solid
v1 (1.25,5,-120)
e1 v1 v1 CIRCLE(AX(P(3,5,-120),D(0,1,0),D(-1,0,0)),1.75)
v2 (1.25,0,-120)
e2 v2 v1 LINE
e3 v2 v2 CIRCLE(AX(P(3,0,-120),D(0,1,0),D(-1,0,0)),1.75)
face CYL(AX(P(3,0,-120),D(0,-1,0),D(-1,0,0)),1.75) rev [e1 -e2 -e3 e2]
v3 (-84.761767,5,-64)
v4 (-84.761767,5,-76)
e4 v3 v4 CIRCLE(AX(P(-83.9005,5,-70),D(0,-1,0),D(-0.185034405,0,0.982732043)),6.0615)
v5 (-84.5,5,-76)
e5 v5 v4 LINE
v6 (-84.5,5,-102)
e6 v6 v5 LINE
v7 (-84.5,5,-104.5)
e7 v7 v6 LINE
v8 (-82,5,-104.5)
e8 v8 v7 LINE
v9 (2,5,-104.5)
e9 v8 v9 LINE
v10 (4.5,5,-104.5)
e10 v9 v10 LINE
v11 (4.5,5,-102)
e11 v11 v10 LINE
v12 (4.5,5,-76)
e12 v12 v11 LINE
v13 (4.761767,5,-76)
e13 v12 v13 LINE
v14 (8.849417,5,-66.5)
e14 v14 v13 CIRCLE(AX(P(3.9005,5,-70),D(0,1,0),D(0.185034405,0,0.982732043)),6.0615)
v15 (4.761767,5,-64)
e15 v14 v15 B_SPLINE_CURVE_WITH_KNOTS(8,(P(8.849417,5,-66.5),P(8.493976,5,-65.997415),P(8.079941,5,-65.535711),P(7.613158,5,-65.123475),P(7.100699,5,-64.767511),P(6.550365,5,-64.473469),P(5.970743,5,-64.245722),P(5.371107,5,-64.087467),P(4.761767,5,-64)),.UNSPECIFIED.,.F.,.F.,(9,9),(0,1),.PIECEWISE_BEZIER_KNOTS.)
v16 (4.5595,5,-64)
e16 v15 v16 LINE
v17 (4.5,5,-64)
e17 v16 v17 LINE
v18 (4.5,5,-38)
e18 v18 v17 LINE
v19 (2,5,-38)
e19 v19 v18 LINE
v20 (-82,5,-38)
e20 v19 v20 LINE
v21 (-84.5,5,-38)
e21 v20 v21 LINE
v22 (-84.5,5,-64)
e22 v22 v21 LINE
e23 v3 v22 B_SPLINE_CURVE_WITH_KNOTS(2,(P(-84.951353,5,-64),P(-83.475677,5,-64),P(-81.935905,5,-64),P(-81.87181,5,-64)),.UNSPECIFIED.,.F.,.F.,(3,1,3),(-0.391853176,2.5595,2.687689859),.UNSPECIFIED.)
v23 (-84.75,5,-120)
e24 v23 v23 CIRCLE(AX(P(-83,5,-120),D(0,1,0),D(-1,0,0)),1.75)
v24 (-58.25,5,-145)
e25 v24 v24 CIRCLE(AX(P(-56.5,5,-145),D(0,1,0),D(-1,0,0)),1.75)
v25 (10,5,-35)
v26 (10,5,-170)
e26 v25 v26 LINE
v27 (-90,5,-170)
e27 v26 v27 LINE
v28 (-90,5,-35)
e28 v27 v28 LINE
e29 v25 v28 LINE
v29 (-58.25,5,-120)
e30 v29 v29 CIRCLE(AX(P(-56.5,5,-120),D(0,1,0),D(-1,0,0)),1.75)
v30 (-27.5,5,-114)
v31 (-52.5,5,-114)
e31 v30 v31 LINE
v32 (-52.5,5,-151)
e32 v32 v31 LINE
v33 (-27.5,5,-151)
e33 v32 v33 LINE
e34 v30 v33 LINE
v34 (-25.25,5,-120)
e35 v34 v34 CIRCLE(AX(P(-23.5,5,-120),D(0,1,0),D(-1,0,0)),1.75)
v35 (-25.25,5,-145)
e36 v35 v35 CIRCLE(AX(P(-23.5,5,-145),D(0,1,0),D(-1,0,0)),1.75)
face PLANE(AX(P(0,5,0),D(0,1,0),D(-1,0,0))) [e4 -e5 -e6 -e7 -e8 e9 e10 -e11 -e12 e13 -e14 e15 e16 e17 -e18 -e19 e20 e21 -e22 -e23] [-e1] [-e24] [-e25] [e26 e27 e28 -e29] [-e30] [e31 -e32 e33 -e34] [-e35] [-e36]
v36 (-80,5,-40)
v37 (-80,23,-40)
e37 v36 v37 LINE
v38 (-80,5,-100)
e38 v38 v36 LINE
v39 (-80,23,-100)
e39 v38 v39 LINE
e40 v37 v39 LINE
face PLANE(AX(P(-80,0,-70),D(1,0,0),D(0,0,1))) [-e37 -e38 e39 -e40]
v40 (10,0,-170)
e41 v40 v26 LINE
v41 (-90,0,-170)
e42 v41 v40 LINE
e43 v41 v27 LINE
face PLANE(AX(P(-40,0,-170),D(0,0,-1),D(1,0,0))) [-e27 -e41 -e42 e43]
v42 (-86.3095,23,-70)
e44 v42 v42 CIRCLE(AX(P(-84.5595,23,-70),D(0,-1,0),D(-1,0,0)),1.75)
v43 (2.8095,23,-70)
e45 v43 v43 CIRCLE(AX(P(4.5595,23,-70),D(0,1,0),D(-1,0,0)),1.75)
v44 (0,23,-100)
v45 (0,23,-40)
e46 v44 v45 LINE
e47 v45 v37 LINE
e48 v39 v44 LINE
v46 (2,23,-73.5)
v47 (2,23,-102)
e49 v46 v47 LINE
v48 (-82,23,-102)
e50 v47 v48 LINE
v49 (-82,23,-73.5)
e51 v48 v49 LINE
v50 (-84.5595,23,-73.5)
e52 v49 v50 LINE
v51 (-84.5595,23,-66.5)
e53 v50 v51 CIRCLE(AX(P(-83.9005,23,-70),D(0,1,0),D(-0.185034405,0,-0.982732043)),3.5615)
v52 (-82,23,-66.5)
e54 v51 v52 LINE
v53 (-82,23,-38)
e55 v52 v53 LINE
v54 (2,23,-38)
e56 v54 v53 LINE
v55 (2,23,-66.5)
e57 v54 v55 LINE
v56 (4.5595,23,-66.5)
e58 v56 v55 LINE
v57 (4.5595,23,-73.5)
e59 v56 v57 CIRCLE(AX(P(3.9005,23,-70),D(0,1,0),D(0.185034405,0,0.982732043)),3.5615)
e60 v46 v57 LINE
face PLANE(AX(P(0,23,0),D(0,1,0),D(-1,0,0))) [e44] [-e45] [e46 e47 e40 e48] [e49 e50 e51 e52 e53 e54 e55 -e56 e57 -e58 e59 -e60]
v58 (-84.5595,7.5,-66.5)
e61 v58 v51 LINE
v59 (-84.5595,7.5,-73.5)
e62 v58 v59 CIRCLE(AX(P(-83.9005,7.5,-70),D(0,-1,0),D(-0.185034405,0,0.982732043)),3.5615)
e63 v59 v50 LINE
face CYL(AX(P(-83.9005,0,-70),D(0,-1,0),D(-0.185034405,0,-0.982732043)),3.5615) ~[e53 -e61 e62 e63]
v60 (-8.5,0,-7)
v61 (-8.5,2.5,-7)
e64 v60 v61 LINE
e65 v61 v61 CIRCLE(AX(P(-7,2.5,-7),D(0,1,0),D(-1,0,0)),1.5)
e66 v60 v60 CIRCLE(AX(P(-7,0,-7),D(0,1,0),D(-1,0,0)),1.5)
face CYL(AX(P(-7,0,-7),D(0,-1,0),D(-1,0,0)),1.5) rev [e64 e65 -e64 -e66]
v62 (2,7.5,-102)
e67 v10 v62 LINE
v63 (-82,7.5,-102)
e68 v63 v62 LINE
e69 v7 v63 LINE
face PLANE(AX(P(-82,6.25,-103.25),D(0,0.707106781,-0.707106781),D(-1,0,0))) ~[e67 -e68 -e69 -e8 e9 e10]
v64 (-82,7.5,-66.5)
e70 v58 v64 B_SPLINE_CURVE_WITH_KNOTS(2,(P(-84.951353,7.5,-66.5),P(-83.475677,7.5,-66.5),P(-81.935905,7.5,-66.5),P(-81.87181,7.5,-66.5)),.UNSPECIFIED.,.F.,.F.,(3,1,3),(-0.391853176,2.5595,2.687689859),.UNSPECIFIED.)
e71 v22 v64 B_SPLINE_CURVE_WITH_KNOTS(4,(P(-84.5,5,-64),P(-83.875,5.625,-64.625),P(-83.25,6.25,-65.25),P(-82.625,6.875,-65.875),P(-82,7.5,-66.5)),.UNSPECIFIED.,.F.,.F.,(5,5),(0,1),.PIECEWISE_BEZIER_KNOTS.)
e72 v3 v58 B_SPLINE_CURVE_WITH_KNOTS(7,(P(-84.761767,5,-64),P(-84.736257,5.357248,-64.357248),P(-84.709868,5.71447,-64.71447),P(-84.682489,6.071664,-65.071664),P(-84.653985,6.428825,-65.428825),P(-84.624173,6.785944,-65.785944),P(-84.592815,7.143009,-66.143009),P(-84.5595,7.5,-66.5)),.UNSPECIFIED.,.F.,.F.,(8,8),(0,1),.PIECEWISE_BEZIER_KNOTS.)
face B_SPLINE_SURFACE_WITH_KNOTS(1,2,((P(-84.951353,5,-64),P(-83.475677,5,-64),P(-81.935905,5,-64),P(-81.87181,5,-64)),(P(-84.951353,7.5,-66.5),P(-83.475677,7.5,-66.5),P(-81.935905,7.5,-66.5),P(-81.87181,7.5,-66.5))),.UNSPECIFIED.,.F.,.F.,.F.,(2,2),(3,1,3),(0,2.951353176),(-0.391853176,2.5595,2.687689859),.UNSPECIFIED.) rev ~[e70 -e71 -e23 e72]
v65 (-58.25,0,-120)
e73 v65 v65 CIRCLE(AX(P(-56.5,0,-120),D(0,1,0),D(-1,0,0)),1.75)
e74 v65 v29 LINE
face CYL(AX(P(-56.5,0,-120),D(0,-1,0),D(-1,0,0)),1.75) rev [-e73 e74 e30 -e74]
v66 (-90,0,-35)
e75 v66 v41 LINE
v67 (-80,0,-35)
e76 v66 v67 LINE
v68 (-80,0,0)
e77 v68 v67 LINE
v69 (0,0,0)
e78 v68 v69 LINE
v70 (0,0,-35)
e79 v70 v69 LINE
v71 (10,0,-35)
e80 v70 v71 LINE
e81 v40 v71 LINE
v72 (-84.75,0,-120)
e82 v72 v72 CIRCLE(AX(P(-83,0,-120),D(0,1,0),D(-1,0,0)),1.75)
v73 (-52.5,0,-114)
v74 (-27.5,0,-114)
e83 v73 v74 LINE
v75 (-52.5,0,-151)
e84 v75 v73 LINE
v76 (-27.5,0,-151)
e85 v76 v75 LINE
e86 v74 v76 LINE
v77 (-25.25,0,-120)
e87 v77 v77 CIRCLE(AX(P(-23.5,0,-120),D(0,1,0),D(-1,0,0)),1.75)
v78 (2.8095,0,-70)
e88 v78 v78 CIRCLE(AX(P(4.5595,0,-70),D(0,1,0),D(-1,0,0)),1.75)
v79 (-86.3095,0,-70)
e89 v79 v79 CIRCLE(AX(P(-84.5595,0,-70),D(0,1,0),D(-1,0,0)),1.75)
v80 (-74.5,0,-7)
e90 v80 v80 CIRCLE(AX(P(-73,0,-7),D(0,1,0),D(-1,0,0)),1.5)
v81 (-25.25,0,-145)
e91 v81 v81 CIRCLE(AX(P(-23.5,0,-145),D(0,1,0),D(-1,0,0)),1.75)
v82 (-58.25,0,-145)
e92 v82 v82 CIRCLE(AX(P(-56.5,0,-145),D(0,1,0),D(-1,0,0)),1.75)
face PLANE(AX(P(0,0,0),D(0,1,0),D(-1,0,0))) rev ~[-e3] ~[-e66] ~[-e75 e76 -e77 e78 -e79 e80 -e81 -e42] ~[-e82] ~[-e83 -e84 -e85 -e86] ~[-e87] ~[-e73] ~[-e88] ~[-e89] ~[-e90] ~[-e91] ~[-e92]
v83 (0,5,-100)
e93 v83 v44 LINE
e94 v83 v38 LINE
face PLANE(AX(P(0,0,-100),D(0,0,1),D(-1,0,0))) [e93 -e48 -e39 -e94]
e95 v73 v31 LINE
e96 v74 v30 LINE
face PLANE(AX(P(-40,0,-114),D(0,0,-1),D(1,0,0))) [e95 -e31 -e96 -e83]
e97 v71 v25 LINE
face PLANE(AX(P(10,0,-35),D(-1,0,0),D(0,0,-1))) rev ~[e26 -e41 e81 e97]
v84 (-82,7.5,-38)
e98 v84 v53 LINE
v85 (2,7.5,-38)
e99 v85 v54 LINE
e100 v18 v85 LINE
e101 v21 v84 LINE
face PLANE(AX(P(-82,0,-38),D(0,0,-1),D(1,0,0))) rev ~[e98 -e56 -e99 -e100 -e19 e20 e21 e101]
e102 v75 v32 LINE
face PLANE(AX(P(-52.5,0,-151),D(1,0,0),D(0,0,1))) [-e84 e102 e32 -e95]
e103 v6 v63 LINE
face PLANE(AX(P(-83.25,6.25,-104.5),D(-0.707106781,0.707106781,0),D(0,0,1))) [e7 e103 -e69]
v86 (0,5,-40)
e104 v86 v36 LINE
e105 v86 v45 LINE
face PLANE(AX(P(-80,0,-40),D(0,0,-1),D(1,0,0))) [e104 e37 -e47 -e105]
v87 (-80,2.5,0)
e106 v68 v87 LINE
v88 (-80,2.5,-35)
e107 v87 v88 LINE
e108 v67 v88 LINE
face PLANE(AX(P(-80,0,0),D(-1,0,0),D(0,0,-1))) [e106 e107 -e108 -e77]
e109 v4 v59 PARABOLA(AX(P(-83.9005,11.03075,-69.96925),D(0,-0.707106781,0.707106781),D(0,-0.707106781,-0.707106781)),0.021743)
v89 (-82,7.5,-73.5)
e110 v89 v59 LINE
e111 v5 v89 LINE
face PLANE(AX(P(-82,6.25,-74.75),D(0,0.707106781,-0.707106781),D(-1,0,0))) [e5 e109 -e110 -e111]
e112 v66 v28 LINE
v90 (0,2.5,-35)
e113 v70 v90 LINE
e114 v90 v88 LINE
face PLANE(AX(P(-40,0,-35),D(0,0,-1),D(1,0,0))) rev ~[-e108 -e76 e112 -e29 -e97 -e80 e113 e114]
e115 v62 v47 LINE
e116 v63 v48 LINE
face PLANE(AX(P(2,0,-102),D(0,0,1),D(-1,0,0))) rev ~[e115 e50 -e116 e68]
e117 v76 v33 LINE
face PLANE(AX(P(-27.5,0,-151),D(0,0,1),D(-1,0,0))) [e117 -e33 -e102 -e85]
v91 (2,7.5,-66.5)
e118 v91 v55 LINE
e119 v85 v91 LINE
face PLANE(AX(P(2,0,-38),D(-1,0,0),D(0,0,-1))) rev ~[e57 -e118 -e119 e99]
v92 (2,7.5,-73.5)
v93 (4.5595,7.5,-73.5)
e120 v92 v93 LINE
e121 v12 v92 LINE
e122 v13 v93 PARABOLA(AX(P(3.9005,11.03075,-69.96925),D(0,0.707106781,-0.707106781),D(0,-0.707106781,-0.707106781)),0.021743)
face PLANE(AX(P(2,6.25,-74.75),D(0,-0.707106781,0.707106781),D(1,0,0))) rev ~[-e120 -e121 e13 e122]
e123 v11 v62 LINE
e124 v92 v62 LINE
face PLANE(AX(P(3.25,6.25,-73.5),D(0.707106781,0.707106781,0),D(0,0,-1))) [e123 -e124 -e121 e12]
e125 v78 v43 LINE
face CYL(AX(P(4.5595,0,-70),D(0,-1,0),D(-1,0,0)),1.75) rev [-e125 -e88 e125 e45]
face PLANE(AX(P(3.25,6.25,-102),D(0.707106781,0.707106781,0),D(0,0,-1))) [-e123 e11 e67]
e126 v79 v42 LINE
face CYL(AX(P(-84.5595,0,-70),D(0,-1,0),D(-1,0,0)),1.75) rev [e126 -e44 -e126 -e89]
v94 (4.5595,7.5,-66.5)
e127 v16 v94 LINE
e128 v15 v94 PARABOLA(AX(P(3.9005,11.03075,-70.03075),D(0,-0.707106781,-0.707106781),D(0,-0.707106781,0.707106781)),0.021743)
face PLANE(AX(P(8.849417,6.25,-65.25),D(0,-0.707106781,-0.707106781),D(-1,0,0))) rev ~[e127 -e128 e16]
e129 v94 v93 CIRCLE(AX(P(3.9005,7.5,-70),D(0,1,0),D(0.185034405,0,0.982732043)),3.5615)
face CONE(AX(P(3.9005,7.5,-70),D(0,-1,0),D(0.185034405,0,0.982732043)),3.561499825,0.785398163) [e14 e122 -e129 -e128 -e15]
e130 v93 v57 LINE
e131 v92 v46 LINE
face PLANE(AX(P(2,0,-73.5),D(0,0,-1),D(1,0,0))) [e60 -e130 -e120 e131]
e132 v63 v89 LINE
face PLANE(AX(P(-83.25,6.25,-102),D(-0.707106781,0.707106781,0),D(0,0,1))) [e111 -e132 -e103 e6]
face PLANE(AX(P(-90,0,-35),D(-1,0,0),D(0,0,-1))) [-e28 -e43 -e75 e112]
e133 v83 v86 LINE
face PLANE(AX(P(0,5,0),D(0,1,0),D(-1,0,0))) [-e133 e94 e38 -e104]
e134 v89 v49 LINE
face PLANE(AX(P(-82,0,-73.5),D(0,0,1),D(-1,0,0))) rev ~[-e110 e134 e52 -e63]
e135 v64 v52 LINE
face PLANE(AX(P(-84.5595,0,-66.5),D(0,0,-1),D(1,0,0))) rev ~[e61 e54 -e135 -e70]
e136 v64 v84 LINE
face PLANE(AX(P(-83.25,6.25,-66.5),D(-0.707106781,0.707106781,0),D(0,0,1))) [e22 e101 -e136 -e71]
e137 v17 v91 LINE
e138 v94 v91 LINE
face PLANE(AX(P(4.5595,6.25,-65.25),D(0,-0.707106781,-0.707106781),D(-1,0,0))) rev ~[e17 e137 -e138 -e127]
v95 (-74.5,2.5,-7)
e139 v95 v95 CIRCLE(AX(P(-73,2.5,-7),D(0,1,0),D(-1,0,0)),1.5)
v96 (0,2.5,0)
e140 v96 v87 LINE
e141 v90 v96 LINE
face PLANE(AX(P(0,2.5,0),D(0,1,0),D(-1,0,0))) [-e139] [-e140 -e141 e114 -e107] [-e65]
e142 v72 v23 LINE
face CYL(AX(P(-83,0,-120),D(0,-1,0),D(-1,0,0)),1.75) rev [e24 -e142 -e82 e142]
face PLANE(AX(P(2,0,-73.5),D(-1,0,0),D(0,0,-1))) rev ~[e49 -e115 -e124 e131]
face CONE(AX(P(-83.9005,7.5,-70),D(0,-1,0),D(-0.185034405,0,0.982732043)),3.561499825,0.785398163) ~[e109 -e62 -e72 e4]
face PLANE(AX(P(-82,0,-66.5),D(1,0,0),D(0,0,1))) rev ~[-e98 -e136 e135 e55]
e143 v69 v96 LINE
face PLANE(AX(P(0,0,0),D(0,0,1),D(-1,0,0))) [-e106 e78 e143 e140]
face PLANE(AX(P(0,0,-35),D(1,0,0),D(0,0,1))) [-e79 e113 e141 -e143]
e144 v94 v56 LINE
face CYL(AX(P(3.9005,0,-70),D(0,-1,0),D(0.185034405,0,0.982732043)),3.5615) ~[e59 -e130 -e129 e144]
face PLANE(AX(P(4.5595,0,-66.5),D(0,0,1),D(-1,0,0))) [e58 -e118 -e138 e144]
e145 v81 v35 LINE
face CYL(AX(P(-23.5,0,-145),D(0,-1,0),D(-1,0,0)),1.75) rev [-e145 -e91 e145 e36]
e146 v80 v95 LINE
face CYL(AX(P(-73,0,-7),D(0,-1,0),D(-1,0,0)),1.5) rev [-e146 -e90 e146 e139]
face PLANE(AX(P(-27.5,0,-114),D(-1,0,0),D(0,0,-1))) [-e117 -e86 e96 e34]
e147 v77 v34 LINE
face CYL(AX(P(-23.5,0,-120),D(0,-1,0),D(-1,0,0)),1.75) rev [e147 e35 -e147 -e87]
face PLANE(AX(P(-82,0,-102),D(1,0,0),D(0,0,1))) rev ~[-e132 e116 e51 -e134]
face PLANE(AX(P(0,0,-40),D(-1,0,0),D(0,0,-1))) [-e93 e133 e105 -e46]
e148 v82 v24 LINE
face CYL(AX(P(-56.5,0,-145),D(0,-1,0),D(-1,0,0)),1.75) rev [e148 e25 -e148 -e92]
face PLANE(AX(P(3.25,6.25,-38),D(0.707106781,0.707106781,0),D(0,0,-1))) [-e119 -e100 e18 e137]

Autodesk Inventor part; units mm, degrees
ref_plane "YZ Plane" through (0, 0, 0) normal (1, 0, 0) x (0, 1, 0)
ref_plane "XZ Plane" through (0, 0, 0) normal (0, 1, 0) x (-1, 0, 0)
ref_plane "XY Plane" through (0, 0, 0) normal (0, 0, 1) x (1, 0, 0)
sketch "Esboço1" plane through (0, 0, 0) normal (0, 1, 0) x (-1, 0, 0)
  line L0 (0, 0) -> (80, 0)
  line L1 (80, -170) -> (0, -170)
  line L2 (80, -40) -> (0, -40)
  line L3 (0, -40) -> (0, -100)
  line L4 (0, -100) -> (80, -100)
  line L5 (80, -100) -> (80, -40)
  line L6 (80, 0) -> (80, -35)
  line L7 (80, -35) -> (90, -35)
  line L8 (90, -35) -> (90, -105)
  line L9 (80, 0) -> (80, -35)
  line L10 (80, -40) -> (80, -100)
  line L11 (90, -70) -> (0, -70)
  line L12 (40, 0) -> (40, -170)
  line L13 (0, -35) -> (-10, -35)
  line L14 (-10, -35) -> (-10, -105)
  line L15 (0, -35) -> (0, 0)
  line L16 (0, -100) -> (0, -40)
  line L17 (52.5, -114) -> (27.5, -114)
  line L18 (27.5, -114) -> (27.5, -151)
  line L19 (27.5, -151) -> (52.5, -151)
  line L20 (52.5, -151) -> (52.5, -114)
  line L21 (82, -38) -> (-2, -38)
  line L22 (-2, -102) -> (82, -102)
  circle A0 centre (84.5595, -70) radius 1.75
  line L23 (84.5595, -66.5) -> (82, -66.5)
  line L24 (82, -73.5) -> (84.5595, -73.5)
  arc A1 (84.5595, -73.5) -> (84.5595, -66.5) centre (83.9005, -70) ccw
  line L25 (82, -102) -> (82, -73.5)
  line L26 (82, -66.5) -> (82, -38)
  circle A2 centre (-4.5595, -70) radius 1.75
  line L27 (-4.5595, -66.5) -> (-2, -66.5)
  line L28 (-2, -73.5) -> (-4.5595, -73.5)
  arc A3 (-4.5595, -66.5) -> (-4.5595, -73.5) centre (-3.9005, -70) ccw
  line L29 (-2, -38) -> (-2, -66.5)
  line L30 (-2, -73.5) -> (-2, -102)
  line L31 (90, -105) -> (90, -151)
  line L32 (90, -151) -> (90, -170)
  line L33 (90, -170) -> (-10, -170)
  line L34 (-10, -170) -> (-10, -105)
  line L35 (80, -35) -> (0, -35)
  circle A4 centre (-3, -120) radius 1.75
  circle A5 centre (83, -120) radius 1.75
  circle A6 centre (7, -7) radius 1.5
  circle A7 centre (73, -7) radius 1.5
  line L36 (52.5, -114) -> (60.5, -114)
  line L37 (60.5, -114) -> (60.5, -151)
  line L38 (60.5, -151) -> (52.5, -151)
  line L39 (52.5, -151) -> (52.5, -114)
  circle A8 centre (56.5, -120) radius 1.75
  circle A9 centre (56.5, -145) radius 1.75
  line L40 (27.5, -114) -> (19.5, -114)
  line L41 (19.5, -114) -> (19.5, -151)
  line L42 (19.5, -151) -> (27.5, -151)
  circle A10 centre (23.5, -120) radius 1.75
  circle A11 centre (23.5, -145) radius 1.75
  point P0 (45, -70)
  point P1 (40, -102)
  point P2 (80, -17.5)
  point P3 (0, -170)
  point P4 (56.5, -114)
  point P5 (56.5, -151)
  dimension "d3" = 60
  dimension "d4" = 35
  dimension "d5" = 10
  dimension "d6" = 70
  dimension "d7" = 30
  dimension "d9" = 80
  dimension "d12" = 64
  dimension "d13" = 32
  dimension "d15" = 3.5
  dimension "d16" = 3.5
  dimension "d17" = 37
  dimension "d18" = 25
  dimension "d19" = 12.5
  dimension "d21" = 19
  dimension "d22" = 12
  dimension "d23" = 80
  dimension "d30" = 3.5
  dimension "d31" = 7
  dimension "d32" = 50
  dimension "d33" = 3
  dimension "d35" = 3.5
  dimension "d36" = 7
  dimension "d37" = 7
  dimension "d54" = 8
  dimension "d55" = 3.5
  dimension "d56" = 3.5
  dimension "d57" = 6
  dimension "d58" = 6
  dimension "d59" = 4
  dimension "d60" = 4
  dimension "d63" = 135
extrude "Extrusão1" add sketch "Esboço1" along normal blind 23 contours L21 L26 L23 A1 L11 A0 L5 L2 L12 | L12 L2 L3 L4 L22 L30 L28 A3 L27 L29 L21 | A1 L24 L25 L22 L12 L4 L5 L11 A0
extrude "Extrusão4" add sketch "Esboço1" along normal blind 2.5 contours L0 L12 L35 L15 | L0 L6 L35 L12
extrude "Extrusão5" add sketch "Esboço1" along normal blind 5 contours L35 L12 L21 L29 L27 A3 L28 L30 L22 L17 L40 L41 L42 L19 L1 L33 L34 L14 L13 | L35 L7 L8 L11 A1 L23 L26 L21 L12 | L12 L11 L3 L2 | L2 L5 L11 L12 | L8 L31 L32 L33 L1 L12 L19 L38 L37 L36 L17 L22 L25 L24 A1 L11 | L12 L4 L3 L11 | L11 L5 L4 L12 | L42 L41 L40 L18 | L20 L36 L37 L38 | A8 | A9 | A10 | A11
chamfer "Chanfro1" distance 2.5 angle 45 1 edges at (-40, 5, -102)
chamfer "Chanfro2" distance 2.5 angle 45 4 edges at (2, 5, -87.75) (7.462, 5, -70) (3.2797, 5, -73.5) (2, 5, -52.25)
chamfer "Chanfro3" distance 2.5 angle 45 1 edges at (4.5297, 5, -66.5)
chamfer "Chanfro4" distance 2.5 angle 45 5 edges at (-82, 5, -87.75) (-87.462, 5, -70) (-82, 5, -52.25) (-83.2797, 5, -73.5) (-83.2797, 5, -66.5)
extrude "Extrusão6" cut sketch "Esboço1" along normal mid plane 10 contours A8 | A9 | A10 | A11
properties part number "peca_principal"
